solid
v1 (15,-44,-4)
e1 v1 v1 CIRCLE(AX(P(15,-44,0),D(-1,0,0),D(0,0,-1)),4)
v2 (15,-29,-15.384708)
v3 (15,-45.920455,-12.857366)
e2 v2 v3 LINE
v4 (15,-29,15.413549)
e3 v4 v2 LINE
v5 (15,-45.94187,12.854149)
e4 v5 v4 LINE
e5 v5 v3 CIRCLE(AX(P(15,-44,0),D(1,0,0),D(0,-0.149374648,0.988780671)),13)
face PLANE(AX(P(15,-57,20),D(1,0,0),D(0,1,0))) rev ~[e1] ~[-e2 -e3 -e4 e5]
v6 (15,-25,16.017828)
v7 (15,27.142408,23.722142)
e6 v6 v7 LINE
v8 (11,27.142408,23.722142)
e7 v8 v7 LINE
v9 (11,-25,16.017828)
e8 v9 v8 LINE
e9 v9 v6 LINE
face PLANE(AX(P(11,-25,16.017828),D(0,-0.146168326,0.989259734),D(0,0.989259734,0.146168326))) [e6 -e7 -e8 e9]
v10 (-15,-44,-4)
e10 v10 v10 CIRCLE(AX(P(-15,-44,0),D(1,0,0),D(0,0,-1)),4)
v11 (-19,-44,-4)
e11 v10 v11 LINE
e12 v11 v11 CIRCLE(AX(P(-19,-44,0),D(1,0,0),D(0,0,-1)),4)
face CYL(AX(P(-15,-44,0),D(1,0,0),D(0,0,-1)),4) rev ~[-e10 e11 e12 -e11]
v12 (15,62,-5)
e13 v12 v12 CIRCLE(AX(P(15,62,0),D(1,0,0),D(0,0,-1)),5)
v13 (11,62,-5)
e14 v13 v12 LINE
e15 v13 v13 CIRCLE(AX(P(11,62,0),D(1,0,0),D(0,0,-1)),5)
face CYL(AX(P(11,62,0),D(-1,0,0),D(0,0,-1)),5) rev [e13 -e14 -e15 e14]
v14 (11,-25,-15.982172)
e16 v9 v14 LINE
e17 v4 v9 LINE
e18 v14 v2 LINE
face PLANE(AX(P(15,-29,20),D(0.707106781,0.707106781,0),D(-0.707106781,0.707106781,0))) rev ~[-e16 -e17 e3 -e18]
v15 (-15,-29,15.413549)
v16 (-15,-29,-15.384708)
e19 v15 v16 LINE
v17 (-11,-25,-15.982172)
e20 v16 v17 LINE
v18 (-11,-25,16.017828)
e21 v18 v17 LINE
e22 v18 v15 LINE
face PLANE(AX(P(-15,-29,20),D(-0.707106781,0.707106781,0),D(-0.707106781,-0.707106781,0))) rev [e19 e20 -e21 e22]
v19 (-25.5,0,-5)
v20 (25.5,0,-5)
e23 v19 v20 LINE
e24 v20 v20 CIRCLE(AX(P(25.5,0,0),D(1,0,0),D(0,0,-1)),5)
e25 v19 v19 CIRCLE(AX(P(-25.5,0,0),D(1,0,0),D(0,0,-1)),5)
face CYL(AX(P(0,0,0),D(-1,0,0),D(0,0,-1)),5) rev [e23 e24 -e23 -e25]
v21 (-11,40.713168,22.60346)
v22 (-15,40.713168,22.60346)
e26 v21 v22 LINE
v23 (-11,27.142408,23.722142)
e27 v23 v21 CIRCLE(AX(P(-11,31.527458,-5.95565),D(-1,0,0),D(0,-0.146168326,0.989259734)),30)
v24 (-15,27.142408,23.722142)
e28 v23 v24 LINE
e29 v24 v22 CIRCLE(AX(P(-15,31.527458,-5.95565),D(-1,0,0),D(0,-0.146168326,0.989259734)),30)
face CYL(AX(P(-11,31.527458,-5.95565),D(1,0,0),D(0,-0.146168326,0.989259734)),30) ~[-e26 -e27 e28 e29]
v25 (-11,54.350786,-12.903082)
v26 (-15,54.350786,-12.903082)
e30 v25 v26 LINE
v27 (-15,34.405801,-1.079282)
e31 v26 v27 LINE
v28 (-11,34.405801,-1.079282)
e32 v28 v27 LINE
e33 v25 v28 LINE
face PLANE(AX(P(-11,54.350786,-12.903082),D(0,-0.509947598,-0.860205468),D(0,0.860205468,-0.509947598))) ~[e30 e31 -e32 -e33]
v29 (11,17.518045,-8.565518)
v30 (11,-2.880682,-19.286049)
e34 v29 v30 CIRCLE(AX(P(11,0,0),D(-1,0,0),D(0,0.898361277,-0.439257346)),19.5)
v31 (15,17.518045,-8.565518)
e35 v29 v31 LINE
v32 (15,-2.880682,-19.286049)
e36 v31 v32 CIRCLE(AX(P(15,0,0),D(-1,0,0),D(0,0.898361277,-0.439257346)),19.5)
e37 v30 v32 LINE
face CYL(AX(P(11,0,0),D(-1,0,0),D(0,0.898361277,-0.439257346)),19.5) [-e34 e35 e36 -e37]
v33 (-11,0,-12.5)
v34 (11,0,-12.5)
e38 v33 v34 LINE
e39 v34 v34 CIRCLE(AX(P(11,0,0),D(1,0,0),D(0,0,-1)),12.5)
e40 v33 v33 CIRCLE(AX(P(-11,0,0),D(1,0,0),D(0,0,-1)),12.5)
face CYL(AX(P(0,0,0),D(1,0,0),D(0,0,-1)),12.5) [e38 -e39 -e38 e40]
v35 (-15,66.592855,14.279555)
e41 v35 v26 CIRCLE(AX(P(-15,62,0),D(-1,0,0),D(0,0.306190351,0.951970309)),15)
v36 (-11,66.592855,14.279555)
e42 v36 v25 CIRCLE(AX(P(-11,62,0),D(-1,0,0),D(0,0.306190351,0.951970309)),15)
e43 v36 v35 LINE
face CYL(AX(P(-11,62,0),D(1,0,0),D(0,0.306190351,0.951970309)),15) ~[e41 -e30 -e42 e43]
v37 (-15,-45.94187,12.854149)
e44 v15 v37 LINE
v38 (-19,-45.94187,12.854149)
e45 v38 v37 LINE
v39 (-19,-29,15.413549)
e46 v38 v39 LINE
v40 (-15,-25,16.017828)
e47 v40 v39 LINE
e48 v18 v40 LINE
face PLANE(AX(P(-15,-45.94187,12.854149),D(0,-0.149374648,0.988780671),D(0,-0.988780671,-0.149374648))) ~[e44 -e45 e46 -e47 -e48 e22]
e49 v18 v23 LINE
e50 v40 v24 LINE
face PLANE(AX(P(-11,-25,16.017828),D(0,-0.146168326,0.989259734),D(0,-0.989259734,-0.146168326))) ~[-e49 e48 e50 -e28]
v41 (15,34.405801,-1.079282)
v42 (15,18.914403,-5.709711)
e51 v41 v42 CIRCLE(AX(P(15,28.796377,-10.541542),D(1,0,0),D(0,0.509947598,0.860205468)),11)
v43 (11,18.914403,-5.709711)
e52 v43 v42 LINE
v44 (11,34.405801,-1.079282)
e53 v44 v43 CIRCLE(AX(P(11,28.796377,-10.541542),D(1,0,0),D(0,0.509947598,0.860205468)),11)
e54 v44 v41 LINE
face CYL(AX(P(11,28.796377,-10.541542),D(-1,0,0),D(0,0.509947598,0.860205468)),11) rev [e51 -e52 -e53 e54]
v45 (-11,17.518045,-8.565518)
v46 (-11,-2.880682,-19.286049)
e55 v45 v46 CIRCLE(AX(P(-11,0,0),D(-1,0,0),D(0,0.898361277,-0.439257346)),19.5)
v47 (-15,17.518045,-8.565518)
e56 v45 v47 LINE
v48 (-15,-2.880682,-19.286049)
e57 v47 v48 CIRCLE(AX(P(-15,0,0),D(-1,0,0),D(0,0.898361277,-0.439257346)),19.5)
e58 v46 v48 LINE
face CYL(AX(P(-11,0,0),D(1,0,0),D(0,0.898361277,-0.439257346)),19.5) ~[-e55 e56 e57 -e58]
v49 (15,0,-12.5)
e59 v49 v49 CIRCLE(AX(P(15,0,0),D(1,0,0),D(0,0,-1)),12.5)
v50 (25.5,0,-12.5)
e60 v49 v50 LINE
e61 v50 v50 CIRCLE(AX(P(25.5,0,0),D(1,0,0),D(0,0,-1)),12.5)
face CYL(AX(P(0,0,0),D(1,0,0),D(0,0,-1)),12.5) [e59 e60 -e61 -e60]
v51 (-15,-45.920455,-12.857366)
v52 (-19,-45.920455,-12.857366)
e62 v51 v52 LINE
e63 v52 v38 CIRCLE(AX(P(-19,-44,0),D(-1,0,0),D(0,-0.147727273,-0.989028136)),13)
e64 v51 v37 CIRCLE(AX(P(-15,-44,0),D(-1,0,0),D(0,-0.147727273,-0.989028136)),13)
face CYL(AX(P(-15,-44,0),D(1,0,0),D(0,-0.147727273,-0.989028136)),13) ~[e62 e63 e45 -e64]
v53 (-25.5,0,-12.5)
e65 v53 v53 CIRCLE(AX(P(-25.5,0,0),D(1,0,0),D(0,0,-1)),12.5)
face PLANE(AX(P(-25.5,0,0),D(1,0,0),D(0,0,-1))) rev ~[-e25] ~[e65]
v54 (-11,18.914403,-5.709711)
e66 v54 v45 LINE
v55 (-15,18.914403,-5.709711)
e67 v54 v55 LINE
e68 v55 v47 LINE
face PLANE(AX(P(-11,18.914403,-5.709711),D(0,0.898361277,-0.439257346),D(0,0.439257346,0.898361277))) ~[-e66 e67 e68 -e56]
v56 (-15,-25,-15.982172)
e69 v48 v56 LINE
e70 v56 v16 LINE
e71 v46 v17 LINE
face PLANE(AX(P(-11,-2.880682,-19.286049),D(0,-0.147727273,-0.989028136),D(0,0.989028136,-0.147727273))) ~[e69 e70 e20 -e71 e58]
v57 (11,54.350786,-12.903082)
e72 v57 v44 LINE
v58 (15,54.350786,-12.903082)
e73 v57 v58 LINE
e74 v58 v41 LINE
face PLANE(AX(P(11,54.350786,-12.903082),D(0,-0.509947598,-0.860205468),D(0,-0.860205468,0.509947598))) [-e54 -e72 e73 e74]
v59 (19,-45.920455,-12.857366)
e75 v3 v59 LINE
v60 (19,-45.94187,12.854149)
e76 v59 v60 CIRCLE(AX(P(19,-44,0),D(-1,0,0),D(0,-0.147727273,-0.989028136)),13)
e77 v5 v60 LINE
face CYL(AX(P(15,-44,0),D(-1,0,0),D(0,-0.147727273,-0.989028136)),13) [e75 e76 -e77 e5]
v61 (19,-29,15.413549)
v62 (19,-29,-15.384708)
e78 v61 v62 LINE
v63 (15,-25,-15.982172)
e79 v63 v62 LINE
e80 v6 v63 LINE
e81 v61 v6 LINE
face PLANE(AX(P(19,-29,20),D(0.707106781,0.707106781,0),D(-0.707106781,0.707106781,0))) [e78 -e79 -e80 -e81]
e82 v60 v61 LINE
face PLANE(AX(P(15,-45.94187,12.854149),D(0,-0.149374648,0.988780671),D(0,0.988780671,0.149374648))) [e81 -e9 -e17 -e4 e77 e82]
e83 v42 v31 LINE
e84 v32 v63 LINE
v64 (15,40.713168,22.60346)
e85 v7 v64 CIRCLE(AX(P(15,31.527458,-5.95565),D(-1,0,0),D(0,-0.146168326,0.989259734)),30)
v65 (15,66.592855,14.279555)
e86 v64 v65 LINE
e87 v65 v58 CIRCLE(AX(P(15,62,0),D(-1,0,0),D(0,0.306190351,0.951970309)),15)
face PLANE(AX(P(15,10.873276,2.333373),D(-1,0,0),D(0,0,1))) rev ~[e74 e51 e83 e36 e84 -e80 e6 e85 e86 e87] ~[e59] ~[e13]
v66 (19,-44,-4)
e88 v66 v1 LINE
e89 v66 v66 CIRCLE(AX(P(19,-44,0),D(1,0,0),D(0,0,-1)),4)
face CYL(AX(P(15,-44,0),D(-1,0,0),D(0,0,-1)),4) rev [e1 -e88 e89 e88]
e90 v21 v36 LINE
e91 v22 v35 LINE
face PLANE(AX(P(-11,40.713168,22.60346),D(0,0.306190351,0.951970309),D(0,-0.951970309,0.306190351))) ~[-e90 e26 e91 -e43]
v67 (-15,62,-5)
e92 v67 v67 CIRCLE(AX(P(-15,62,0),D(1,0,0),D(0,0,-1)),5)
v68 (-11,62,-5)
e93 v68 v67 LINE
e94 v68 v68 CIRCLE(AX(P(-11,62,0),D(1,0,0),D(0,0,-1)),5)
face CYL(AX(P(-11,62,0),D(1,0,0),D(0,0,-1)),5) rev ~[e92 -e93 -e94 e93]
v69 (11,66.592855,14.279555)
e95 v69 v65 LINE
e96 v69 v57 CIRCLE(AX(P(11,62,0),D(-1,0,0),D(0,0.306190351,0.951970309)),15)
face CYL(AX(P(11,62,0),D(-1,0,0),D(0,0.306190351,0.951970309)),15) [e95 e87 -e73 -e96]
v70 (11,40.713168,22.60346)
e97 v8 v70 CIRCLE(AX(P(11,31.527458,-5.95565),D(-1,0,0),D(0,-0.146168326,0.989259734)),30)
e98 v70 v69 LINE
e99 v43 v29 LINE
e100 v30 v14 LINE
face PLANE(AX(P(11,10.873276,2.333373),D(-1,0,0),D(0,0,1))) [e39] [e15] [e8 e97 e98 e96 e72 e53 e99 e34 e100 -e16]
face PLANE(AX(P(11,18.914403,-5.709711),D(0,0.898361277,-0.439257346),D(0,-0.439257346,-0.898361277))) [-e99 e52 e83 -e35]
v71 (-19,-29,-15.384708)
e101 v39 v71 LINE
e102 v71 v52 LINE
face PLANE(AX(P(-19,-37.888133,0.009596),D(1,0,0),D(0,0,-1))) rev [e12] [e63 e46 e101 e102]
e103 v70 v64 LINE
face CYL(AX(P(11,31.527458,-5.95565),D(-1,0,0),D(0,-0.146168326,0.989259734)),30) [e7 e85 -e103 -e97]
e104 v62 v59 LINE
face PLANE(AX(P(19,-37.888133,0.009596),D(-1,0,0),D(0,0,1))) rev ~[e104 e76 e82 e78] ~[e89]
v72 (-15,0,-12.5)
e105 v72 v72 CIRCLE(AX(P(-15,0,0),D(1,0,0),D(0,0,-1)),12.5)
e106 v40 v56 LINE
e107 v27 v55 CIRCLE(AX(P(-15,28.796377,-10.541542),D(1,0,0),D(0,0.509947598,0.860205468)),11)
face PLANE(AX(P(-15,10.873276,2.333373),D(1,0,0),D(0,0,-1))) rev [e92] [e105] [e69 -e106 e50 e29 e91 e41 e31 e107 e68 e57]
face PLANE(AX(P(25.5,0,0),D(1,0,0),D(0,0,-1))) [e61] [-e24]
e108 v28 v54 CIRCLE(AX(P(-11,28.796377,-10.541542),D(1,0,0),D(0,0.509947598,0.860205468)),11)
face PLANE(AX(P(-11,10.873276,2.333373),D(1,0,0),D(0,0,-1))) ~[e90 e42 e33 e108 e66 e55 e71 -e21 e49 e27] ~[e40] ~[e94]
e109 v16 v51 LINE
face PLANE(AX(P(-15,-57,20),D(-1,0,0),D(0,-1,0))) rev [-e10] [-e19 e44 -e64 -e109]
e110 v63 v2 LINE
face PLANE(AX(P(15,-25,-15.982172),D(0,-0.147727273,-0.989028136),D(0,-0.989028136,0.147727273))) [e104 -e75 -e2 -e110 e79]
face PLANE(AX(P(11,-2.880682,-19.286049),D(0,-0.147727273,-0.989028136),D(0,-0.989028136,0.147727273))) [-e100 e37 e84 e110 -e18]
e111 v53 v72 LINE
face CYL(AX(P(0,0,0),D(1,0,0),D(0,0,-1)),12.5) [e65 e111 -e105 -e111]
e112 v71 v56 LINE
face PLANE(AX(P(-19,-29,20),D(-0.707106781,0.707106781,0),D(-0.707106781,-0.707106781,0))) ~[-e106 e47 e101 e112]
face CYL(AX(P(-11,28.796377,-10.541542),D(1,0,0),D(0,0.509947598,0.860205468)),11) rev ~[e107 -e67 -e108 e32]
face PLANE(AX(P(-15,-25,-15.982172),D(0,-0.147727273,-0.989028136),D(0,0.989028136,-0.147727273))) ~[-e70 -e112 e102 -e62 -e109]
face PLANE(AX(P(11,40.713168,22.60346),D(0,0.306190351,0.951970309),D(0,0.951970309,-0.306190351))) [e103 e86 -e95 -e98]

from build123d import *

# Parameters (mm, degrees)
SKETCH_1_R          = 12.5
SKETCH_1_R_2        = 5
EXTRUDE_1_DEPTH     = 25.5
SKETCH_2_R          = 5
SKETCH_2_R_2        = 4
EXTRUDE_2_DEPTH     = 4
SKETCH_3_R          = 4
EXTRUDE_3_DEPTH     = 4
CUT_EXTRUDE_1_DEPTH = 40


with BuildPart() as part:
    # Эскиз1 → Бобышка-Вытянуть1 (new, symmetric)
    with BuildSketch(Plane(origin=(0, 0, 0), x_dir=(0, 0, -1), z_dir=(1, 0, 0))):
        Circle(SKETCH_1_R)
        Circle(SKETCH_1_R_2, mode=Mode.SUBTRACT)
    extrude(amount=EXTRUDE_1_DEPTH, both=True)

    # Эскиз2 → Бобышка-Вытянуть2 (add)
    with BuildSketch(Plane(origin=(11, 0, 0), x_dir=(0, 0, -1), z_dir=(1, 0, 0))):
        with BuildLine():
            Line((19.286048643, -2.880681818), (12.857365762, -45.920454545))
            ThreePointArc((12.857365762, -45.920454545), (0.010828077, -56.99999549), (-12.854148718, -45.94187042))
            Line((-12.854148718, -45.94187042), (-16.017827589, -25))
            Line((-16.017827589, -25), (-23.722142449, 27.142407875))
            ThreePointArc((-23.722142449, 27.142407875), (-23.942938222, 33.992097325), (-22.603459703, 40.713168195))
            Line((-22.603459703, 40.713168195), (-14.279554631, 66.592855272))
            ThreePointArc((-14.279554631, 66.592855272), (6.159605024, 75.676961137), (12.90308202, 54.350786029))
            Line((12.90308202, 54.350786029), (1.079282087, 34.405800714))
            ThreePointArc((1.079282087, 34.405800714), (0.002277121, 25.646156374), (5.709711427, 18.914403089))
            Line((5.709711427, 18.914403089), (8.565518251, 17.518044899))
            ThreePointArc((8.565518251, 17.518044899), (17.261357349, 9.071689063), (19.286048643, -2.880681818))
        make_face()
        Circle(SKETCH_2_R, mode=Mode.SUBTRACT)
        with Locations((0, -44)):
            Circle(SKETCH_2_R_2, mode=Mode.SUBTRACT)
        with Locations((0, 62)):
            Circle(SKETCH_2_R, mode=Mode.SUBTRACT)
    extrude_2 = extrude(amount=EXTRUDE_2_DEPTH)

    # Эскиз3 → Бобышка-Вытянуть3 (add)
    with BuildSketch(Plane(origin=(15, 0, 0), x_dir=(0, 0, -1), z_dir=(1, 0, 0))):
        with BuildLine():
            Line((-16.017827589, -25), (15.982172411, -25))
            Line((15.982172411, -25), (12.857365762, -45.920454545))
            ThreePointArc((12.857365762, -45.920454545), (0.010828077, -56.99999549), (-12.854148718, -45.94187042))
            Line((-12.854148718, -45.94187042), (-16.017827589, -25))
        make_face()
        with Locations((0, -44)):
            Circle(SKETCH_3_R, mode=Mode.SUBTRACT)
    extrude_3 = extrude(amount=EXTRUDE_3_DEPTH)

    # Эскиз5 → Вырез-Вытянуть1 (cut)
    with BuildSketch(Plane.XY.offset(20)):
        Polygon((15, -25), (19, -25), (19, -29), align=None)
        Polygon((15, -57), (15, -29), (11, -25), (11, -57), align=None)
    cut_extrude_1 = extrude(amount=-CUT_EXTRUDE_1_DEPTH, mode=Mode.SUBTRACT)

    # Зеркальное отражение1: Бобышка-Вытянуть2, Бобышка-Вытянуть3, Вырез-Вытянуть1 across plane
    add(extrude_2.mirror(Plane(origin=(0, 0, 0), x_dir=(0, 0, 1), z_dir=(1, 0, 0))))
    add(extrude_3.mirror(Plane(origin=(0, 0, 0), x_dir=(0, 0, 1), z_dir=(1, 0, 0))))
    add(cut_extrude_1.mirror(Plane(origin=(0, 0, 0), x_dir=(0, 0, 1), z_dir=(1, 0, 0))), mode=Mode.SUBTRACT)


solid = part.part
